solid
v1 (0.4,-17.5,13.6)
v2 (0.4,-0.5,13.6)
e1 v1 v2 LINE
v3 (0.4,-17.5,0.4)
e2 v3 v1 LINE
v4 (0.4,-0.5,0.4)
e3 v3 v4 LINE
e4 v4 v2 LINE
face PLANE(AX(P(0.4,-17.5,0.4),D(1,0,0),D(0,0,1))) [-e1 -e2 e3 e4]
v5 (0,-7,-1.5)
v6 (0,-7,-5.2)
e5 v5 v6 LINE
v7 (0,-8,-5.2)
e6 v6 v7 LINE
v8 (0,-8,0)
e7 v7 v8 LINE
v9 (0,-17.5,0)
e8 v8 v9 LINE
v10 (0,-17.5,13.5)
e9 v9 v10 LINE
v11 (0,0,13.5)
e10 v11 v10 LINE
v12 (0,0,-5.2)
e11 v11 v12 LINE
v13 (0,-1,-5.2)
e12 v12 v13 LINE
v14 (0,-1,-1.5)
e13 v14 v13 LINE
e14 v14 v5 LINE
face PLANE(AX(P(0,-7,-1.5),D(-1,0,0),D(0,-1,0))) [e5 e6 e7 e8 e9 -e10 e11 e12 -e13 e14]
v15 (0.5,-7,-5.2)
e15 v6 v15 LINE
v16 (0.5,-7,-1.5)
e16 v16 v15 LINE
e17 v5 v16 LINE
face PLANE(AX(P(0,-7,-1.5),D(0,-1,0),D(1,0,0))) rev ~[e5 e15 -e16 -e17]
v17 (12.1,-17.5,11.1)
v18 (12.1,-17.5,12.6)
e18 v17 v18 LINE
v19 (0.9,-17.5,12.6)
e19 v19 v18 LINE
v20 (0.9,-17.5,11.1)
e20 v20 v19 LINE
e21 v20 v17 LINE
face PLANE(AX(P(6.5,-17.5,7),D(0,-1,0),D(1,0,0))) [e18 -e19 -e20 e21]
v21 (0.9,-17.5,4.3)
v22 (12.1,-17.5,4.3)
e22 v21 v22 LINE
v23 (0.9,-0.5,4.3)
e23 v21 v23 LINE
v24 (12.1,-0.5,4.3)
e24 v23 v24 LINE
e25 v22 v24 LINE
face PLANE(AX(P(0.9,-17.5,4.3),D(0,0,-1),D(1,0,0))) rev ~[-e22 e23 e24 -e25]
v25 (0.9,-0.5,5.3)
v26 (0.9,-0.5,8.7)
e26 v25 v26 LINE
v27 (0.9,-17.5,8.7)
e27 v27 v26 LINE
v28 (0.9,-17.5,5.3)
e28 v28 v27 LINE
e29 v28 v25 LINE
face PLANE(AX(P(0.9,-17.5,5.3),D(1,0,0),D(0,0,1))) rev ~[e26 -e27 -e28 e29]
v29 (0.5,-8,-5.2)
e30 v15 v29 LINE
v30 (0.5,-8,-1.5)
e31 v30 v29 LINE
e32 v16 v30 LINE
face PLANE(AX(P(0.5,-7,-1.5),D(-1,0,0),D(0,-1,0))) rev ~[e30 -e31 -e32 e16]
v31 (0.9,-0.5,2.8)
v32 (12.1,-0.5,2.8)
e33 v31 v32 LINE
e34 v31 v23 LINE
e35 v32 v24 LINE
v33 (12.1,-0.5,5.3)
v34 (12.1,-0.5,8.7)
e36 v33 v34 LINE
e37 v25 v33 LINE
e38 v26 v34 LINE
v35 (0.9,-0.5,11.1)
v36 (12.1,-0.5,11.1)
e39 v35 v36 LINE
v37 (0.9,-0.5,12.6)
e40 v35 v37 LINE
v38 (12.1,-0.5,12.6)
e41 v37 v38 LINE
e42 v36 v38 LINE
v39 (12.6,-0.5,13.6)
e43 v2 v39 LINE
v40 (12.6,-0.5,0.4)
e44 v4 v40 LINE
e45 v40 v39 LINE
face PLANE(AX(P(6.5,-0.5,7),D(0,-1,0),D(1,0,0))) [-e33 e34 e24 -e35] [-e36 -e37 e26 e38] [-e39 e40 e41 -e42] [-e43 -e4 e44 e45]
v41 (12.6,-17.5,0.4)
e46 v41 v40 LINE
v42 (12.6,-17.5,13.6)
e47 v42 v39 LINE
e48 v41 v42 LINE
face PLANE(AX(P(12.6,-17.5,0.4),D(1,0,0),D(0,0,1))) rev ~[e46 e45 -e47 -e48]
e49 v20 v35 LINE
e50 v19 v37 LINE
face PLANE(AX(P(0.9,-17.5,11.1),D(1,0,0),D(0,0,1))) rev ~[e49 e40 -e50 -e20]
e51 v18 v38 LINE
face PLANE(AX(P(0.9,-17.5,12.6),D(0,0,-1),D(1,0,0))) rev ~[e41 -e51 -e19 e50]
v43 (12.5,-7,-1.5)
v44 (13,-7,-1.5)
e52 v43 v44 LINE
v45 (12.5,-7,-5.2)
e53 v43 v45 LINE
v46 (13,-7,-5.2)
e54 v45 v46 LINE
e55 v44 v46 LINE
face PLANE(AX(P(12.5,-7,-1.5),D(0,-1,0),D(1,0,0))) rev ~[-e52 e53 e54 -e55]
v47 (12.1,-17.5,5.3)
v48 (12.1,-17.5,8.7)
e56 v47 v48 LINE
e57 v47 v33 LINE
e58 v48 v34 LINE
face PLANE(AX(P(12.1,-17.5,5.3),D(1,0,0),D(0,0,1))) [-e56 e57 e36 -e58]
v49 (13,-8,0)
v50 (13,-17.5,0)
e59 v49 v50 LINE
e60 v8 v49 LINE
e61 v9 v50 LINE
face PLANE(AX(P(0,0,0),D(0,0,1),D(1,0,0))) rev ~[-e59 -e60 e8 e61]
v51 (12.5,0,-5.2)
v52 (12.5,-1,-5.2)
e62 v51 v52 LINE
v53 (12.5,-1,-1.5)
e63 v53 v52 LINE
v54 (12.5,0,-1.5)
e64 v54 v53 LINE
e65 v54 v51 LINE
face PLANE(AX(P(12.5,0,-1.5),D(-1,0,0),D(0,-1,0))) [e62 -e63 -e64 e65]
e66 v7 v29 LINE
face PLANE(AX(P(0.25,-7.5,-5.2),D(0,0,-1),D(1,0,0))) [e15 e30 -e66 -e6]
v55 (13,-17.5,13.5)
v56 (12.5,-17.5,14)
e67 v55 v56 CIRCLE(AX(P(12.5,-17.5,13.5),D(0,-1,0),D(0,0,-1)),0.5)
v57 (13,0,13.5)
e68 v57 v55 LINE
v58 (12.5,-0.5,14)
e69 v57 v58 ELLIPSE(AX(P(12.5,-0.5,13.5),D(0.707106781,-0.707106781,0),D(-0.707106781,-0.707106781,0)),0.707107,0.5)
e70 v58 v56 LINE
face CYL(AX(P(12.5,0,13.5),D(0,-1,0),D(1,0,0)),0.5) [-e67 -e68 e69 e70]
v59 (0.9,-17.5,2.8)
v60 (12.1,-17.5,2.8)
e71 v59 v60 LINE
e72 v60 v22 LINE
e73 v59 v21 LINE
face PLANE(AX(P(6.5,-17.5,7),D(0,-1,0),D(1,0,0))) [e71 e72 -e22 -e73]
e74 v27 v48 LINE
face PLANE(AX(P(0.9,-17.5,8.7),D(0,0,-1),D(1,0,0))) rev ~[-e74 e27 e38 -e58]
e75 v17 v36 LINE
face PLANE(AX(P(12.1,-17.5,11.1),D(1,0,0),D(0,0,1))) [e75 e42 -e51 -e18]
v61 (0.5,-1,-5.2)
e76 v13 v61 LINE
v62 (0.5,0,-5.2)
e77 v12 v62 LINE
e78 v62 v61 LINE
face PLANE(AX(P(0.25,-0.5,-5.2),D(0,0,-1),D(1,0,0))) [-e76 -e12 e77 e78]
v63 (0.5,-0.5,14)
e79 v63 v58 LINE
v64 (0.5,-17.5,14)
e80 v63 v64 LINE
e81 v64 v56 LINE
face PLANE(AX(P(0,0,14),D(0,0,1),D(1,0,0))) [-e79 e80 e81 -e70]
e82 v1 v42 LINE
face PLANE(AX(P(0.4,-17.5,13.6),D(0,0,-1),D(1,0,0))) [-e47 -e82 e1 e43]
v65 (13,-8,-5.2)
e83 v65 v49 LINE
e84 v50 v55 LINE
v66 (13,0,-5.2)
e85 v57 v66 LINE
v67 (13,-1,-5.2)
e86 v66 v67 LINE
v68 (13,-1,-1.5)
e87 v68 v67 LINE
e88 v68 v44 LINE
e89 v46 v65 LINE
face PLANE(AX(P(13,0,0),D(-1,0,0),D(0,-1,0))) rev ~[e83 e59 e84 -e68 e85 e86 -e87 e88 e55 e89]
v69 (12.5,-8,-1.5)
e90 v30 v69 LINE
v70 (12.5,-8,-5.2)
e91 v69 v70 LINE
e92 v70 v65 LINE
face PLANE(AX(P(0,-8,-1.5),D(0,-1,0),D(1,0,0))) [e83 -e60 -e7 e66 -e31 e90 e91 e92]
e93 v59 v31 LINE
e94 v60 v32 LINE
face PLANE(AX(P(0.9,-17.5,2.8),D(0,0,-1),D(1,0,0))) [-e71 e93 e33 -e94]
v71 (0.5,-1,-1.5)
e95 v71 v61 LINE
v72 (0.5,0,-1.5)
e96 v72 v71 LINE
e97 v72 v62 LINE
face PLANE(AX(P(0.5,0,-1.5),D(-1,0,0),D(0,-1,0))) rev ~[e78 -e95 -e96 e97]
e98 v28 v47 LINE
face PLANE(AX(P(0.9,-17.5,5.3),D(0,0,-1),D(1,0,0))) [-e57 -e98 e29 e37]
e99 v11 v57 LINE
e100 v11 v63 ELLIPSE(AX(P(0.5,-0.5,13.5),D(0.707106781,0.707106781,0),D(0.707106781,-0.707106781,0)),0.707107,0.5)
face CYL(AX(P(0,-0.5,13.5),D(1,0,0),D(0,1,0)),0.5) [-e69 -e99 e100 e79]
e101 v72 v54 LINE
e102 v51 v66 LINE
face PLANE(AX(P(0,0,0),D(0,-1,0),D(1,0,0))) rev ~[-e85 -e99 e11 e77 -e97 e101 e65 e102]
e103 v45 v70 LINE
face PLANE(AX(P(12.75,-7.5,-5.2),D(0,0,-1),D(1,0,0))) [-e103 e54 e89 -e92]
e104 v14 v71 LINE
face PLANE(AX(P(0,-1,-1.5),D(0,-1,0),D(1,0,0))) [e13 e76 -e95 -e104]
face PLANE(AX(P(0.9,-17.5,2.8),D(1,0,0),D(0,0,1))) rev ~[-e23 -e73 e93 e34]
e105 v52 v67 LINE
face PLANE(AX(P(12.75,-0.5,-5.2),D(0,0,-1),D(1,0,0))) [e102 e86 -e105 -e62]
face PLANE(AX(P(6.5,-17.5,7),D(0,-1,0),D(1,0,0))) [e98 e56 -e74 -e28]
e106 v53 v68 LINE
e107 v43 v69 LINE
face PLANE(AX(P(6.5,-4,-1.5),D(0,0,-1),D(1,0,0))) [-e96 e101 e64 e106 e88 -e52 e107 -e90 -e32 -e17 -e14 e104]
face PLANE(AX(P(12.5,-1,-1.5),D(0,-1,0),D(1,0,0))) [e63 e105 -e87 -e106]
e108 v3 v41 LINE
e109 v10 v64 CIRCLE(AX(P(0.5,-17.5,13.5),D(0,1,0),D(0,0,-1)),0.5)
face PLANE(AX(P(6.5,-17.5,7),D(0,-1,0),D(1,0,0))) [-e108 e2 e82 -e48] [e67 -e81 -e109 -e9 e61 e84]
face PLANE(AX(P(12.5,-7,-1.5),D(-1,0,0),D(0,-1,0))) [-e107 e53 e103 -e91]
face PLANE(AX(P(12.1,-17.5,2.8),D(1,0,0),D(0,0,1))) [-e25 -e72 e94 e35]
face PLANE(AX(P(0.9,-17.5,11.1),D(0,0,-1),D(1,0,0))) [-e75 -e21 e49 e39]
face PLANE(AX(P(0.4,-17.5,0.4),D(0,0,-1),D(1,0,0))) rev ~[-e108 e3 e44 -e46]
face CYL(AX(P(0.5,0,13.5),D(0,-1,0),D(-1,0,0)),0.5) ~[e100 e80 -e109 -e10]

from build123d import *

# Parameters (mm, degrees)
F0_W     = 13
F0_H     = 14
F1_DEPTH = 17.5
F2_W     = 12.2
F2_H     = 13.2
F2_W_2   = 11.2
F2_H_2   = 1.5
F2_H_3   = 3.4
F3_DEPTH = 17
F4_W     = 13
F4_H     = 8
F5_DEPTH = 1.5
F6_W     = 0.5
F6_H     = 1
F7_DEPTH = 3.7
F8_R     = 0.5


with BuildPart() as f1:
    # F0 (on Front) → F1 (new body)
    with BuildSketch(Plane.XZ):
        with Locations((6.5, 7)):
            Rectangle(F0_W, F0_H)
    extrude(amount=F1_DEPTH)

    # F2 (on face) → F3 (cut)
    with BuildSketch(Plane.XZ.offset(17.5)):
        with Locations((6.5, 7)):
            Rectangle(F2_W, F2_H)
        with Locations((6.5, 3.55)):
            Rectangle(F2_W_2, F2_H_2, mode=Mode.SUBTRACT)
        with Locations((6.5, 7)):
            Rectangle(F2_W_2, F2_H_3, mode=Mode.SUBTRACT)
        with Locations((6.5, 11.85)):
            Rectangle(F2_W_2, F2_H_2, mode=Mode.SUBTRACT)
    extrude(amount=-F3_DEPTH, mode=Mode.SUBTRACT)

    # F4 (on face) → F5 (join)
    with BuildSketch(Plane(origin=(0, 0, 0), x_dir=(1, 0, 0), z_dir=(0, 0, -1))):
        with Locations((6.5, 4)):
            Rectangle(F4_W, F4_H)
    extrude(amount=F5_DEPTH)

    # F6 (on face) → F7 (join)
    with BuildSketch(Plane(origin=(0, 0, -1.5), x_dir=(1, 0, 0), z_dir=(0, 0, -1))):
        with Locations((0.25, 7.5)):
            Rectangle(F6_W, F6_H)
        with Locations((0.25, 0.5)):
            Rectangle(F6_W, F6_H)
        with Locations((12.75, 7.5)):
            Rectangle(F6_W, F6_H)
        with Locations((12.75, 0.5)):
            Rectangle(F6_W, F6_H)
    extrude(amount=F7_DEPTH)

    # F8
    f8_edges = [f1.edges().sort_by_distance(p)[0] for p in [
        (13, -8.75, 14),
        (6.5, 0, 14),
        (0, -8.75, 14),
    ]]
    fillet(f8_edges, radius=F8_R)


solid = f1.part
